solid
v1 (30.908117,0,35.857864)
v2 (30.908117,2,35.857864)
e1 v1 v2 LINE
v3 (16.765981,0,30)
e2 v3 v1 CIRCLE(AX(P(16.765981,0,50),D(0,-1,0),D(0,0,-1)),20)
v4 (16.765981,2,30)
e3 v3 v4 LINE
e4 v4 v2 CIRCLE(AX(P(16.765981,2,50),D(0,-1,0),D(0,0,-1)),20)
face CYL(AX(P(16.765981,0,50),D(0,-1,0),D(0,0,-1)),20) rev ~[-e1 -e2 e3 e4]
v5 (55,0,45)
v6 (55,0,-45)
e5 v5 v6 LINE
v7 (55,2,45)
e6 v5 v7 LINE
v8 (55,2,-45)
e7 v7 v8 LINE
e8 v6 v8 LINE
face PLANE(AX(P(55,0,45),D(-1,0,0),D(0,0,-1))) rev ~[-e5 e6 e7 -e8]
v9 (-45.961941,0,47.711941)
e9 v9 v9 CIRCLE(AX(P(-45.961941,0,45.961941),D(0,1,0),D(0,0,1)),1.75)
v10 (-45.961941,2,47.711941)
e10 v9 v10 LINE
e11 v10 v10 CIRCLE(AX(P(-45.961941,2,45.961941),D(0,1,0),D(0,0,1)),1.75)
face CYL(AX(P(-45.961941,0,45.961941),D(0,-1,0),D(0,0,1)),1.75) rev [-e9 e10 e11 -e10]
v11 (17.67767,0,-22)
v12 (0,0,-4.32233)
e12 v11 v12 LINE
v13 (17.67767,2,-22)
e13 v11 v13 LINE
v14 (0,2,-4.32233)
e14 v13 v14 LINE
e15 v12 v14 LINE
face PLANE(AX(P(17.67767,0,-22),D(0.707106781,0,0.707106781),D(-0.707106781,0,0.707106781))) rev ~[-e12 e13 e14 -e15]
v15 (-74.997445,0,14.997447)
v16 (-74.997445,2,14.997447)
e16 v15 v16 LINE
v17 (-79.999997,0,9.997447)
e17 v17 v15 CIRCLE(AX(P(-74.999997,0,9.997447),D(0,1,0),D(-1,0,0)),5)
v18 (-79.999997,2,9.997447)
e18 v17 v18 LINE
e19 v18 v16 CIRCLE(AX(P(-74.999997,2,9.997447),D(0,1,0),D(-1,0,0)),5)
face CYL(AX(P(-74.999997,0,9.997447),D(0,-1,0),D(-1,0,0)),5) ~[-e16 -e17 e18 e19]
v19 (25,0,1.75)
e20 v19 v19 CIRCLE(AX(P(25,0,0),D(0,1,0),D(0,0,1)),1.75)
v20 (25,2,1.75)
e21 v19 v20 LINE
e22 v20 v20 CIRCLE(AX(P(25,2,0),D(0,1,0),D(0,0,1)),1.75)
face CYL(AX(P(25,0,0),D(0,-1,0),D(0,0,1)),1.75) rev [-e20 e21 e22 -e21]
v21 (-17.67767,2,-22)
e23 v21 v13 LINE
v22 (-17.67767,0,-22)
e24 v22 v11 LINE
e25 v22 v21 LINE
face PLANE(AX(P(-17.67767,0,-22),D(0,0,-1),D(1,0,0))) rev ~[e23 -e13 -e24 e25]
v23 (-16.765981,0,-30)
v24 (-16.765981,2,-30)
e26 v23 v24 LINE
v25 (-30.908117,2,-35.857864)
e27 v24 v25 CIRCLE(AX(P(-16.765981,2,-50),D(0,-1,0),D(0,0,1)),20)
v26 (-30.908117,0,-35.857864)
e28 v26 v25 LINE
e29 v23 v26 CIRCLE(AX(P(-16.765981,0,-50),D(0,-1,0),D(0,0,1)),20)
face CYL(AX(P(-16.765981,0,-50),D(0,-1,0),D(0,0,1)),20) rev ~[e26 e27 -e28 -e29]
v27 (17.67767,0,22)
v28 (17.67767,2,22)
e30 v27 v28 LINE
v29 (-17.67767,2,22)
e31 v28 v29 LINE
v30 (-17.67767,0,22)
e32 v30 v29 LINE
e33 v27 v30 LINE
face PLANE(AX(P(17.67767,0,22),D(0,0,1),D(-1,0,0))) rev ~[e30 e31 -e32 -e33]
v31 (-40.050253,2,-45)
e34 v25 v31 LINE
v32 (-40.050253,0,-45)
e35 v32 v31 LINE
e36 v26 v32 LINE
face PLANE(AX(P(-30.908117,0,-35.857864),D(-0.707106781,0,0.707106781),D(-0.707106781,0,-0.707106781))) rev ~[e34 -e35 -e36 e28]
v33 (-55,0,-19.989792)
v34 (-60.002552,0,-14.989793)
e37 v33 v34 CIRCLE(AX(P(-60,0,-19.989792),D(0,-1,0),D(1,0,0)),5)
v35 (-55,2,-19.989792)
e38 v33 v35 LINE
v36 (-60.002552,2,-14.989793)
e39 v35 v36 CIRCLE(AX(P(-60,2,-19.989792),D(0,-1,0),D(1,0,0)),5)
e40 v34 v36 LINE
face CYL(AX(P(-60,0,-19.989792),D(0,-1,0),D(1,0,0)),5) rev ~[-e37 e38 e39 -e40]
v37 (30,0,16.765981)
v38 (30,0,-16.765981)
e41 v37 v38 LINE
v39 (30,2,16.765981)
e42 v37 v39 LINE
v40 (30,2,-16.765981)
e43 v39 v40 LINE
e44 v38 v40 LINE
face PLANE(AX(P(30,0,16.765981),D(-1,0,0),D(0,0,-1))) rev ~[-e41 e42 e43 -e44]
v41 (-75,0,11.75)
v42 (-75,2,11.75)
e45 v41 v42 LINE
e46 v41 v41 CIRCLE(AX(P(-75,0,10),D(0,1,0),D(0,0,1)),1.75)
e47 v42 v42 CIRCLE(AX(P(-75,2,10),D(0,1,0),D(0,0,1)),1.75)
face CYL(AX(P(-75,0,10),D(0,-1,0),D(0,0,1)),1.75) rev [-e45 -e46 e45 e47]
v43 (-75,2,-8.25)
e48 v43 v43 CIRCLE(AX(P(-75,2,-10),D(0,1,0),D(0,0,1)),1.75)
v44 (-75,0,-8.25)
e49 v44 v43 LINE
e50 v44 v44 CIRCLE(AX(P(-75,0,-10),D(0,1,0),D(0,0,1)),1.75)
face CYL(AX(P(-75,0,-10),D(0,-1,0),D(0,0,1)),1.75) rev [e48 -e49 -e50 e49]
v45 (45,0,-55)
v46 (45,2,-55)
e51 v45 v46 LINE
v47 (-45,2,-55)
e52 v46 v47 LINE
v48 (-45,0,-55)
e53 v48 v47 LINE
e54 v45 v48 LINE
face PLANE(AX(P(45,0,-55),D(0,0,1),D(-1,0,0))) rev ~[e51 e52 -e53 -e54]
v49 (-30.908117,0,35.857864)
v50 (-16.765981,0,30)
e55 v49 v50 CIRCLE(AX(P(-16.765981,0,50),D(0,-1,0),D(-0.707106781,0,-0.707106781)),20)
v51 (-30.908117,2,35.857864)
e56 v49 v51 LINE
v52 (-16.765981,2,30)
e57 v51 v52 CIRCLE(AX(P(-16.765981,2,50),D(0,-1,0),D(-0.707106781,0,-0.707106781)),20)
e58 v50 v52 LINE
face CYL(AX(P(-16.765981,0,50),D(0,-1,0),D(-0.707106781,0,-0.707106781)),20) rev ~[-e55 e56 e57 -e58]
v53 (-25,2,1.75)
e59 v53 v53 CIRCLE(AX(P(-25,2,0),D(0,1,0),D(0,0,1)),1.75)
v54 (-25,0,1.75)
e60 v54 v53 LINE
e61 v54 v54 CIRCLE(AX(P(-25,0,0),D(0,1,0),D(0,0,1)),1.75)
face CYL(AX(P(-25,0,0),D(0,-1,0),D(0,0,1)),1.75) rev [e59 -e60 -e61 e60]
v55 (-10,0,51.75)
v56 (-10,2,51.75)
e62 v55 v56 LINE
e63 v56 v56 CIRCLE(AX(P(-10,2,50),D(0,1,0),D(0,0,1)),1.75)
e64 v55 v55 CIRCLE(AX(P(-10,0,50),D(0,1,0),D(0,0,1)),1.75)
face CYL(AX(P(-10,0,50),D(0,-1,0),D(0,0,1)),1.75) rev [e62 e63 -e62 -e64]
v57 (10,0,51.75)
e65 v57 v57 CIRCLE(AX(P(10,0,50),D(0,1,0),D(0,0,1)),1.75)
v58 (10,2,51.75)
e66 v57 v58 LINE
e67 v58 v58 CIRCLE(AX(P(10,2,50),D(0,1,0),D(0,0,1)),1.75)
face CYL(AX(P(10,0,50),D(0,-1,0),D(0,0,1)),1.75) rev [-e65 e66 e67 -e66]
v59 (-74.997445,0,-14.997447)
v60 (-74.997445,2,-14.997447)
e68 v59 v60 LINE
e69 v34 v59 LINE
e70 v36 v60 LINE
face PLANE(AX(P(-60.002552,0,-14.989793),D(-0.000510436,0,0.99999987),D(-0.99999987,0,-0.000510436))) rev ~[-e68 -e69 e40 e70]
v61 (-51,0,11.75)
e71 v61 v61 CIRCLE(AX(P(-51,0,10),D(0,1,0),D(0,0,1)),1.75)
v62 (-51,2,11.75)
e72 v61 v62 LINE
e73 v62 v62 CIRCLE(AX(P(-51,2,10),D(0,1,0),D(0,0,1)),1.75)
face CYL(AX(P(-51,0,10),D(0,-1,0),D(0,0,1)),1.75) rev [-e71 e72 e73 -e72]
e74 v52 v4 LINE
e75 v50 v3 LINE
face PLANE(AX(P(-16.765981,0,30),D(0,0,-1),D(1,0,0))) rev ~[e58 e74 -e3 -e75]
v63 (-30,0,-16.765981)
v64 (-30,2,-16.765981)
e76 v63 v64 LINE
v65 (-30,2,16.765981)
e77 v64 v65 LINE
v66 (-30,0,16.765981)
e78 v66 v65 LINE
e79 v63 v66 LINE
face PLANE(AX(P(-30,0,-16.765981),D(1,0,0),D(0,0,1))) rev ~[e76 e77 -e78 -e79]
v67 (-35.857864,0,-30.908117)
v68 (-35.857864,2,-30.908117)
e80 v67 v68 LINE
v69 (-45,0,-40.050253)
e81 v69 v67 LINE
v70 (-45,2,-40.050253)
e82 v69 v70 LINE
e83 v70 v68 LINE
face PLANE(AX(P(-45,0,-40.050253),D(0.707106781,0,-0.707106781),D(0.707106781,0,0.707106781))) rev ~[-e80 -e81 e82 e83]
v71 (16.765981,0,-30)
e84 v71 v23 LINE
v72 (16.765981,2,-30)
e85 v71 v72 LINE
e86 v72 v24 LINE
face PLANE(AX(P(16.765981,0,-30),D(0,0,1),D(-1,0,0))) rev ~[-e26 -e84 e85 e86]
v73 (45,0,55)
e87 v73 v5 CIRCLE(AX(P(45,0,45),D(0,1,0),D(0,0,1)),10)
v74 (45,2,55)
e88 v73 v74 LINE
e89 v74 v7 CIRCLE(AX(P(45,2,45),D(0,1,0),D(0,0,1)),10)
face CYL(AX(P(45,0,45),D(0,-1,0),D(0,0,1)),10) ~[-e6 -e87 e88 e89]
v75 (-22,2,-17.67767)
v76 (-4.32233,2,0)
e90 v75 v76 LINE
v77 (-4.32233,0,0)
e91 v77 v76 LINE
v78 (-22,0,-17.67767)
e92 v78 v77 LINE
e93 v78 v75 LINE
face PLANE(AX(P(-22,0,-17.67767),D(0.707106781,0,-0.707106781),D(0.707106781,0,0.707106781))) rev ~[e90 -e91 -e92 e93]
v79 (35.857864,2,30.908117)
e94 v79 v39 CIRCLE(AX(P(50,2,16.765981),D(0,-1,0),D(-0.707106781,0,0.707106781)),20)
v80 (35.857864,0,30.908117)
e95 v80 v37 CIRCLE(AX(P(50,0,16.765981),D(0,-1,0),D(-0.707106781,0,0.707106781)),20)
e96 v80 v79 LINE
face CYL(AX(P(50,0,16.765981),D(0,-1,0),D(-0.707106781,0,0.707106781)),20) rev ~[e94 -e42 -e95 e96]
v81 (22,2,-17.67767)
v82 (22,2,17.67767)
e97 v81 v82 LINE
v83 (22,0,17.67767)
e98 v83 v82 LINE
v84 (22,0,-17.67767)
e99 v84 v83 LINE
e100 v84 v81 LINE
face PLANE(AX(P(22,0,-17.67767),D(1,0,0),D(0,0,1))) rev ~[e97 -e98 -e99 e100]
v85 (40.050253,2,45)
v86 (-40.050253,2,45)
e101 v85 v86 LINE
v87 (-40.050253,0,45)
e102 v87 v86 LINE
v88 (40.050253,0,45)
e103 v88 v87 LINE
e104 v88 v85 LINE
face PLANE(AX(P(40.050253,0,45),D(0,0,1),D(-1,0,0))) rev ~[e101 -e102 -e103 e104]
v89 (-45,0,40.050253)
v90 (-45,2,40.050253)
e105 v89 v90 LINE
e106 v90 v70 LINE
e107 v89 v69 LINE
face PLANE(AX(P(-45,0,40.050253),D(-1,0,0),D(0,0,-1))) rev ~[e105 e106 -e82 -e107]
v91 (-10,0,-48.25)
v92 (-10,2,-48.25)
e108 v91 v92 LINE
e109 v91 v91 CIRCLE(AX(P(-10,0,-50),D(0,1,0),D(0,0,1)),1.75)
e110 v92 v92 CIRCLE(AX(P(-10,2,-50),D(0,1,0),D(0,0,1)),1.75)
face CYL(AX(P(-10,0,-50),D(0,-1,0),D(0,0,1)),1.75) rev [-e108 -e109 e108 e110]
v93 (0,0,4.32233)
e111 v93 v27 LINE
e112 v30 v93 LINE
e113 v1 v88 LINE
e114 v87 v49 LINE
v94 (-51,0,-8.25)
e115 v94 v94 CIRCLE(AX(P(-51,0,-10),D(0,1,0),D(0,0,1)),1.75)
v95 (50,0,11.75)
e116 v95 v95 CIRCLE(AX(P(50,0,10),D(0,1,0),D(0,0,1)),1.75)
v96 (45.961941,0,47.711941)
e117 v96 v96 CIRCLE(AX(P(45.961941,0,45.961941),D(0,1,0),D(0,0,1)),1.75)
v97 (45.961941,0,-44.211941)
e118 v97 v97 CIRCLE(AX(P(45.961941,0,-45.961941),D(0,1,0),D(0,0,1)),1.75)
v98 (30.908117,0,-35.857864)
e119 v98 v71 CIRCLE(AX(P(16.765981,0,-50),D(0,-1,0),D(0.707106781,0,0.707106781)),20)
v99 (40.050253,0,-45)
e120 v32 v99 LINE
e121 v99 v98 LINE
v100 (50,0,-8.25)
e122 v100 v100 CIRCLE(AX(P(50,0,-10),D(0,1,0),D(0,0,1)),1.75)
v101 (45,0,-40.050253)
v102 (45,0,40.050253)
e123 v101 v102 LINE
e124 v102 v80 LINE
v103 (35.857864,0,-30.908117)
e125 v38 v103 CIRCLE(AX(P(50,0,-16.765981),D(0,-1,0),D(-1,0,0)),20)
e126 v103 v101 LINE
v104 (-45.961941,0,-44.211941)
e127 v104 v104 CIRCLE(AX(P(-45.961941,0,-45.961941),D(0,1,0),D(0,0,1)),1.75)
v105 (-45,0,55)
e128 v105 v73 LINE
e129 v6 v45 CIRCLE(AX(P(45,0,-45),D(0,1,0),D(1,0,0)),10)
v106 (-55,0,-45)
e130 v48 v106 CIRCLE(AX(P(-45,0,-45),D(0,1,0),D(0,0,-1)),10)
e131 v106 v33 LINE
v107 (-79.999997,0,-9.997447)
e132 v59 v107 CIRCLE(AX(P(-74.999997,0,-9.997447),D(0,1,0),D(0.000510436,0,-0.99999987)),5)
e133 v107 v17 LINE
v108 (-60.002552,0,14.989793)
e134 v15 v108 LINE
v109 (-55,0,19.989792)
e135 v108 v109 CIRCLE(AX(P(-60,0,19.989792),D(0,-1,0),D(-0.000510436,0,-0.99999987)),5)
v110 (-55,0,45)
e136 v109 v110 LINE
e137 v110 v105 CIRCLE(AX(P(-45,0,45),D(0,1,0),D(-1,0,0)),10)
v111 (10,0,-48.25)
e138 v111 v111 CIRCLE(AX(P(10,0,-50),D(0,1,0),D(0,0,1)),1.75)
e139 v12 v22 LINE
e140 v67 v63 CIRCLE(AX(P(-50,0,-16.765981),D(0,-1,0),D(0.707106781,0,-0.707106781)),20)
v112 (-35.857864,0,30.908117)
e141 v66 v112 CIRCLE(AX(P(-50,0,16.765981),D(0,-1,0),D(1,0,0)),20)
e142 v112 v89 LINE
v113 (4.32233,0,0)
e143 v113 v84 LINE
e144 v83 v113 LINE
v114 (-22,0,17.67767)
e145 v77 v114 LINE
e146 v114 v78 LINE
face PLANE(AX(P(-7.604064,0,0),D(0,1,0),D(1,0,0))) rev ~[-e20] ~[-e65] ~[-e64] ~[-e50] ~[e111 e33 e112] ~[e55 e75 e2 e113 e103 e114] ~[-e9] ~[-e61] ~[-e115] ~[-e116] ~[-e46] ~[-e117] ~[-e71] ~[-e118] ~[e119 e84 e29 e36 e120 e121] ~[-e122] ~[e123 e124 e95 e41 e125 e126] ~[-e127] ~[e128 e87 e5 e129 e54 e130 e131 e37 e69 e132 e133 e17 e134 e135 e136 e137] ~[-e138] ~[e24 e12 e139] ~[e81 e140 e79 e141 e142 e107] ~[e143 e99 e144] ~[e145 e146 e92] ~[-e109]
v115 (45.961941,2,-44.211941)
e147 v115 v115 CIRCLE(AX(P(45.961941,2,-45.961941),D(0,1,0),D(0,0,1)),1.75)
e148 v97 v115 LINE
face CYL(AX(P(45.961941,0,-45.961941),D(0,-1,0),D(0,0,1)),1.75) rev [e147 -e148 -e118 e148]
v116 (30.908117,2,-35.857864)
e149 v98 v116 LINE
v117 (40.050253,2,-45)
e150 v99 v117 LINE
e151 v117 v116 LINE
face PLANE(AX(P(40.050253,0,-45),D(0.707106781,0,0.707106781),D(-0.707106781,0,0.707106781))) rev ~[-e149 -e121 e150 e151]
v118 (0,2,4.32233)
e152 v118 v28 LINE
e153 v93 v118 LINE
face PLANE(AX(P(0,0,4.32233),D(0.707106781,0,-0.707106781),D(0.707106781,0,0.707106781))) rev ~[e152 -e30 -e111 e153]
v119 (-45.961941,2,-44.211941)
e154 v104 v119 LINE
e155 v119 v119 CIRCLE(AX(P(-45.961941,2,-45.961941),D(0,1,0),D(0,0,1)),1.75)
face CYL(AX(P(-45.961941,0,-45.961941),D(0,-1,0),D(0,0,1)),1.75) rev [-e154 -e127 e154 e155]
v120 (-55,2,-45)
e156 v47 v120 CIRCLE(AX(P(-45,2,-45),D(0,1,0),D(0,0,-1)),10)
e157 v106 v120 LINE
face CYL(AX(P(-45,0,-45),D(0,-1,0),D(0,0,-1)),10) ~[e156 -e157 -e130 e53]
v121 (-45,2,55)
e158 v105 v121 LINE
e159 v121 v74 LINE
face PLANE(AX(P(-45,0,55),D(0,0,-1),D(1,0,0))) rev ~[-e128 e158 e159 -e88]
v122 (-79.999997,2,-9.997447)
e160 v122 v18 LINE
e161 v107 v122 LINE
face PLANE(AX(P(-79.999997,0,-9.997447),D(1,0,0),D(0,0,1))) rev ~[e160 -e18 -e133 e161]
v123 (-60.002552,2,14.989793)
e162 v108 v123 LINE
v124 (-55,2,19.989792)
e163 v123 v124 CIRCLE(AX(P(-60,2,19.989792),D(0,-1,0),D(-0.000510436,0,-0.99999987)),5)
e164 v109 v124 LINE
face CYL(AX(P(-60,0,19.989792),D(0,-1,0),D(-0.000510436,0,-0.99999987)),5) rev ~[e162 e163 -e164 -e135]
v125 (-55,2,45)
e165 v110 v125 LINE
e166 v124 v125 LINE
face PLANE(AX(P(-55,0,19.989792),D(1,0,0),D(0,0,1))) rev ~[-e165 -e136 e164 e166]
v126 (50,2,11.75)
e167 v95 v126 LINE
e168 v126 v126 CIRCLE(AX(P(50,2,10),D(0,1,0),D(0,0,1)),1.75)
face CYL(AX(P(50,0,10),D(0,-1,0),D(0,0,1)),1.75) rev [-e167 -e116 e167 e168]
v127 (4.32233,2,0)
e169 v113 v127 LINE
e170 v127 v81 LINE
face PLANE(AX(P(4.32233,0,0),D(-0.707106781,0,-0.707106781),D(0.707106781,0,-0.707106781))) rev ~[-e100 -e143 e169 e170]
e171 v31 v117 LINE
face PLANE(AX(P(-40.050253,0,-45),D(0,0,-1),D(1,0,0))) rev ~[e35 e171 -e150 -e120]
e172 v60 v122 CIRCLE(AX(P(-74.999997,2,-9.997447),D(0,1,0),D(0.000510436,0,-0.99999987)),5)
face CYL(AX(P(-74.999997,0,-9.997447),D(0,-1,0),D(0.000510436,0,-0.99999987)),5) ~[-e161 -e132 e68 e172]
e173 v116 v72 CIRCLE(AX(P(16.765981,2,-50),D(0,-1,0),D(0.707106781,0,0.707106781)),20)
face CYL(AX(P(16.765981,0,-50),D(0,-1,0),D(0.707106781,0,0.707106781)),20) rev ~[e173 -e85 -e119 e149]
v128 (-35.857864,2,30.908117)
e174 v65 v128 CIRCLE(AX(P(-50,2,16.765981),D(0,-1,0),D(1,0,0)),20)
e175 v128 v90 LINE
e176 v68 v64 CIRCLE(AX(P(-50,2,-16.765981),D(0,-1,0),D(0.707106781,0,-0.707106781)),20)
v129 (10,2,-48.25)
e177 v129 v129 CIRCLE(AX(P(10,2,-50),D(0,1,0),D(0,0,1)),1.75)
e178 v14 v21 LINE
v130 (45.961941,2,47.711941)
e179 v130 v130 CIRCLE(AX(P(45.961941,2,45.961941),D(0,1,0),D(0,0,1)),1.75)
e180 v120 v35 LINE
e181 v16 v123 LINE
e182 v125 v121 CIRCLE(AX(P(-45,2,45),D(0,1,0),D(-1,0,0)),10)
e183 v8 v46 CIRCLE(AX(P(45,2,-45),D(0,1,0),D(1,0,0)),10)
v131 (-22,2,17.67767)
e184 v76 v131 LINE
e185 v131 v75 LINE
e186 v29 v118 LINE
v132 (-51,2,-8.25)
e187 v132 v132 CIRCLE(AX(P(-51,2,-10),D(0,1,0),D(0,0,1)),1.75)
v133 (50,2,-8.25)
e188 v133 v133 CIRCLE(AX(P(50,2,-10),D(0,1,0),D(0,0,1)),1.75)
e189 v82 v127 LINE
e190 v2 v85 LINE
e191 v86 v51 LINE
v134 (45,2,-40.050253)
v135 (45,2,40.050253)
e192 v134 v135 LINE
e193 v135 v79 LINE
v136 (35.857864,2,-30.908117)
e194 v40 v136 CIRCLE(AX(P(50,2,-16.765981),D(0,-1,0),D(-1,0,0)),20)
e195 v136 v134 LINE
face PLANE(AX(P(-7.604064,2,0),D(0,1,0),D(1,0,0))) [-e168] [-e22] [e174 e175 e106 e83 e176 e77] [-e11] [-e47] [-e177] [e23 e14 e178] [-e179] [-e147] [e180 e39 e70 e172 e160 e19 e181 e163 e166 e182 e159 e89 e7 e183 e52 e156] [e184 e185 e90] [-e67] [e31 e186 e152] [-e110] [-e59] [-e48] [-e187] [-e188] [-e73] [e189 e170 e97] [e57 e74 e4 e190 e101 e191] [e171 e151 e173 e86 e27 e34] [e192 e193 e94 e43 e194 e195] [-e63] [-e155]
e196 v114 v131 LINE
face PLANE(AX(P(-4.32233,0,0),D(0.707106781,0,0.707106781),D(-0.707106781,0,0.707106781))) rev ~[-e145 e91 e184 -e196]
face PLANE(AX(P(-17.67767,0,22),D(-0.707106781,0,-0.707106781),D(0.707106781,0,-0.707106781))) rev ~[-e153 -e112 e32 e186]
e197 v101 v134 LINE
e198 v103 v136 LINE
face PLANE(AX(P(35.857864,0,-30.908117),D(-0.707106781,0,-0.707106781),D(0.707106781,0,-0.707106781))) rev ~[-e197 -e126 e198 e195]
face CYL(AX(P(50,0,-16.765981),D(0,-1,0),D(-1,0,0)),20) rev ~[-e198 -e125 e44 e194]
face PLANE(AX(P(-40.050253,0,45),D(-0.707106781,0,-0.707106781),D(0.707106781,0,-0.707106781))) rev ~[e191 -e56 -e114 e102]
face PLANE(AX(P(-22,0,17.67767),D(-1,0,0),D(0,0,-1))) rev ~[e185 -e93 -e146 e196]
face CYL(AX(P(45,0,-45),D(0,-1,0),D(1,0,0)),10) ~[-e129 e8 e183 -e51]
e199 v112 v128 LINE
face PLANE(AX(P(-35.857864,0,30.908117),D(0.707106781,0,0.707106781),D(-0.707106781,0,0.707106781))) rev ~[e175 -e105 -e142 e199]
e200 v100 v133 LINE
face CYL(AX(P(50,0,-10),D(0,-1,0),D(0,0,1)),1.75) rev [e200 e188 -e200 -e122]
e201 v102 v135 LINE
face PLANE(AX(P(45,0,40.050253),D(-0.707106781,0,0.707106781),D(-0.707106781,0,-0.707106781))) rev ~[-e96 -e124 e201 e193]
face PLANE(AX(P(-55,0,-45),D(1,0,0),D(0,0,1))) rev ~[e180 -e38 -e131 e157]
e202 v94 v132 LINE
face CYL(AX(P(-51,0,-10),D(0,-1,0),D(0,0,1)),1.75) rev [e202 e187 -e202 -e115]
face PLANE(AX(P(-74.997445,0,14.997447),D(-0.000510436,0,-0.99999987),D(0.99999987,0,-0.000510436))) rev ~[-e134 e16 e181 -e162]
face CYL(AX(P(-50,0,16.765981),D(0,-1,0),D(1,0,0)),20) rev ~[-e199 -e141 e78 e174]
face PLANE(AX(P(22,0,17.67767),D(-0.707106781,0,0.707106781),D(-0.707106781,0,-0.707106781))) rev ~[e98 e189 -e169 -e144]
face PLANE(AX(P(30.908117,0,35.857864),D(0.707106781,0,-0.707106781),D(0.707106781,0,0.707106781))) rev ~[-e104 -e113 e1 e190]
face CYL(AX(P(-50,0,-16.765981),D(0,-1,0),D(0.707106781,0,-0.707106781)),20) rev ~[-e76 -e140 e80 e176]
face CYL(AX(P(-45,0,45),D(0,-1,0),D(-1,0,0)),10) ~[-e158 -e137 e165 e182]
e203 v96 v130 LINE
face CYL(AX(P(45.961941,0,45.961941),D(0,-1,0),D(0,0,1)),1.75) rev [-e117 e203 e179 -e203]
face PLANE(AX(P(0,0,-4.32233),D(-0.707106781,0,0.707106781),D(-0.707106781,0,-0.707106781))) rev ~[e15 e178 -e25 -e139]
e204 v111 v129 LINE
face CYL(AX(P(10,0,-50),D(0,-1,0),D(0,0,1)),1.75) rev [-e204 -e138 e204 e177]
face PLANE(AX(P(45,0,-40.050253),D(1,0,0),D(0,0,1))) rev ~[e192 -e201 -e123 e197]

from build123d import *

# Parameters (mm, degrees)
SKETCH_1_R      = 1.75
EXTRUDE_1_DEPTH = 2


with BuildPart() as part:
    # 草图1 → 凸台-拉伸1 (new body)
    with BuildSketch(Plane(origin=(0, 0, 0), x_dir=(1, 0, 0), z_dir=(0, 1, 0))):
        with BuildLine():
            Line((-45, -55), (45, -55))
            ThreePointArc((45, -55), (52.071067812, -52.071067812), (55, -45))
            Line((55, -45), (55, 45))
            ThreePointArc((55, 45), (52.071067812, 52.071067812), (45, 55))
            Line((45, 55), (-45, 55))
            ThreePointArc((-45, 55), (-52.071067812, 52.071067812), (-55, 45))
            Line((-55, 45), (-55, 19.989791925))
            ThreePointArc((-55, 19.989791925), (-56.465368542, 16.453355802), (-60.002552182, 14.989792577))
            Line((-60.002552182, 14.989792577), (-74.997444562, 14.997446515))
            ThreePointArc((-74.997444562, 14.997446515), (-78.534628201, 13.53388329), (-79.999996743, 9.997447167))
            Line((-79.999996743, 9.997447167), (-79.999996743, -9.997447167))
            ThreePointArc((-79.999996743, -9.997447167), (-78.534628201, -13.53388329), (-74.997444562, -14.997446515))
            Line((-74.997444562, -14.997446515), (-60.002552182, -14.989792577))
            ThreePointArc((-60.002552182, -14.989792577), (-56.465368542, -16.453355802), (-55, -19.989791925))
            Line((-55, -19.989791925), (-55, -45))
            ThreePointArc((-55, -45), (-52.071067812, -52.071067812), (-45, -55))
        make_face()
        with Locations(Location((-45.961940777, -45.961940777, 0), (0, 0, 270))):
            Circle(SKETCH_1_R, mode=Mode.SUBTRACT)
        with Locations(Location((-75, -10, 0), (0, 0, 270))):
            Circle(SKETCH_1_R, mode=Mode.SUBTRACT)
        with Locations(Location((-51, -10, 0), (0, 0, 270))):
            Circle(SKETCH_1_R, mode=Mode.SUBTRACT)
        with BuildLine():
            Line((-45, 40.050252532), (-35.857864376, 30.908116908))
            ThreePointArc((-35.857864376, 30.908116908), (-31.52240935, 24.419649932), (-30, 16.765981284))
            Line((-30, 16.765981284), (-30, -16.765981284))
            ThreePointArc((-30, -16.765981284), (-31.52240935, -24.419649932), (-35.857864376, -30.908116908))
            Line((-35.857864376, -30.908116908), (-45, -40.050252532))
            Line((-45, -40.050252532), (-45, 40.050252532))
        make_face(mode=Mode.SUBTRACT)
        with Locations(Location((-10, -50, 0), (0, 0, 270))):
            Circle(SKETCH_1_R, mode=Mode.SUBTRACT)
        with Locations(Location((10, -50, 0), (0, 0, 270))):
            Circle(SKETCH_1_R, mode=Mode.SUBTRACT)
        with BuildLine():
            Line((-40.050252532, -45), (-30.908116908, -35.857864376))
            ThreePointArc((-30.908116908, -35.857864376), (-24.419649932, -31.52240935), (-16.765981284, -30))
            Line((-16.765981284, -30), (16.765981284, -30))
            ThreePointArc((16.765981284, -30), (24.419649932, -31.52240935), (30.908116908, -35.857864376))
            Line((30.908116908, -35.857864376), (40.050252532, -45))
            Line((40.050252532, -45), (-40.050252532, -45))
        make_face(mode=Mode.SUBTRACT)
        with Locations(Location((45.961940777, -45.961940777, 0), (0, 0, 270))):
            Circle(SKETCH_1_R, mode=Mode.SUBTRACT)
        Polygon((0, -4.32233047), (17.67766953, -22), (-17.67766953, -22), align=None, mode=Mode.SUBTRACT)
        with Locations(Location((50, -10, 0), (0, 0, 270))):
            Circle(SKETCH_1_R, mode=Mode.SUBTRACT)
        with Locations(Location((-75, 10, 0), (0, 0, 270))):
            Circle(SKETCH_1_R, mode=Mode.SUBTRACT)
        with Locations(Location((-51, 10, 0), (0, 0, 270))):
            Circle(SKETCH_1_R, mode=Mode.SUBTRACT)
        with Locations(Location((-25, 0, 0), (0, 0, 270))):
            Circle(SKETCH_1_R, mode=Mode.SUBTRACT)
        Polygon((-4.32233047, 0), (-22, -17.67766953), (-22, 17.67766953), align=None, mode=Mode.SUBTRACT)
        with Locations(Location((-45.961940777, 45.961940777, 0), (0, 0, 270))):
            Circle(SKETCH_1_R, mode=Mode.SUBTRACT)
        Polygon((0, 4.32233047), (-17.67766953, 22), (17.67766953, 22), align=None, mode=Mode.SUBTRACT)
        Polygon((4.32233047, 0), (22, 17.67766953), (22, -17.67766953), align=None, mode=Mode.SUBTRACT)
        with Locations(Location((25, 0, 0), (0, 0, 270))):
            Circle(SKETCH_1_R, mode=Mode.SUBTRACT)
        with BuildLine():
            Line((45, -40.050252532), (35.857864376, -30.908116908))
            ThreePointArc((35.857864376, -30.908116908), (31.52240935, -24.419649932), (30, -16.765981284))
            Line((30, -16.765981284), (30, 16.765981284))
            ThreePointArc((30, 16.765981284), (31.52240935, 24.419649932), (35.857864376, 30.908116908))
            Line((35.857864376, 30.908116908), (45, 40.050252532))
            Line((45, 40.050252532), (45, -40.050252532))
        make_face(mode=Mode.SUBTRACT)
        with Locations(Location((50, 10, 0), (0, 0, 270))):
            Circle(SKETCH_1_R, mode=Mode.SUBTRACT)
        with BuildLine():
            ThreePointArc((-16.765981284, 30), (-24.419649932, 31.52240935), (-30.908116908, 35.857864376))
            Line((-30.908116908, 35.857864376), (-40.050252532, 45))
            Line((-40.050252532, 45), (40.050252532, 45))
            Line((40.050252532, 45), (30.908116908, 35.857864376))
            ThreePointArc((30.908116908, 35.857864376), (24.419649932, 31.52240935), (16.765981284, 30))
            Line((16.765981284, 30), (-16.765981284, 30))
        make_face(mode=Mode.SUBTRACT)
        with Locations(Location((-10, 50, 0), (0, 0, 270))):
            Circle(SKETCH_1_R, mode=Mode.SUBTRACT)
        with Locations(Location((10, 50, 0), (0, 0, 270))):
            Circle(SKETCH_1_R, mode=Mode.SUBTRACT)
        with Locations(Location((45.961940777, 45.961940777, 0), (0, 0, 270))):
            Circle(SKETCH_1_R, mode=Mode.SUBTRACT)
    extrude(amount=EXTRUDE_1_DEPTH)


solid = part.part
